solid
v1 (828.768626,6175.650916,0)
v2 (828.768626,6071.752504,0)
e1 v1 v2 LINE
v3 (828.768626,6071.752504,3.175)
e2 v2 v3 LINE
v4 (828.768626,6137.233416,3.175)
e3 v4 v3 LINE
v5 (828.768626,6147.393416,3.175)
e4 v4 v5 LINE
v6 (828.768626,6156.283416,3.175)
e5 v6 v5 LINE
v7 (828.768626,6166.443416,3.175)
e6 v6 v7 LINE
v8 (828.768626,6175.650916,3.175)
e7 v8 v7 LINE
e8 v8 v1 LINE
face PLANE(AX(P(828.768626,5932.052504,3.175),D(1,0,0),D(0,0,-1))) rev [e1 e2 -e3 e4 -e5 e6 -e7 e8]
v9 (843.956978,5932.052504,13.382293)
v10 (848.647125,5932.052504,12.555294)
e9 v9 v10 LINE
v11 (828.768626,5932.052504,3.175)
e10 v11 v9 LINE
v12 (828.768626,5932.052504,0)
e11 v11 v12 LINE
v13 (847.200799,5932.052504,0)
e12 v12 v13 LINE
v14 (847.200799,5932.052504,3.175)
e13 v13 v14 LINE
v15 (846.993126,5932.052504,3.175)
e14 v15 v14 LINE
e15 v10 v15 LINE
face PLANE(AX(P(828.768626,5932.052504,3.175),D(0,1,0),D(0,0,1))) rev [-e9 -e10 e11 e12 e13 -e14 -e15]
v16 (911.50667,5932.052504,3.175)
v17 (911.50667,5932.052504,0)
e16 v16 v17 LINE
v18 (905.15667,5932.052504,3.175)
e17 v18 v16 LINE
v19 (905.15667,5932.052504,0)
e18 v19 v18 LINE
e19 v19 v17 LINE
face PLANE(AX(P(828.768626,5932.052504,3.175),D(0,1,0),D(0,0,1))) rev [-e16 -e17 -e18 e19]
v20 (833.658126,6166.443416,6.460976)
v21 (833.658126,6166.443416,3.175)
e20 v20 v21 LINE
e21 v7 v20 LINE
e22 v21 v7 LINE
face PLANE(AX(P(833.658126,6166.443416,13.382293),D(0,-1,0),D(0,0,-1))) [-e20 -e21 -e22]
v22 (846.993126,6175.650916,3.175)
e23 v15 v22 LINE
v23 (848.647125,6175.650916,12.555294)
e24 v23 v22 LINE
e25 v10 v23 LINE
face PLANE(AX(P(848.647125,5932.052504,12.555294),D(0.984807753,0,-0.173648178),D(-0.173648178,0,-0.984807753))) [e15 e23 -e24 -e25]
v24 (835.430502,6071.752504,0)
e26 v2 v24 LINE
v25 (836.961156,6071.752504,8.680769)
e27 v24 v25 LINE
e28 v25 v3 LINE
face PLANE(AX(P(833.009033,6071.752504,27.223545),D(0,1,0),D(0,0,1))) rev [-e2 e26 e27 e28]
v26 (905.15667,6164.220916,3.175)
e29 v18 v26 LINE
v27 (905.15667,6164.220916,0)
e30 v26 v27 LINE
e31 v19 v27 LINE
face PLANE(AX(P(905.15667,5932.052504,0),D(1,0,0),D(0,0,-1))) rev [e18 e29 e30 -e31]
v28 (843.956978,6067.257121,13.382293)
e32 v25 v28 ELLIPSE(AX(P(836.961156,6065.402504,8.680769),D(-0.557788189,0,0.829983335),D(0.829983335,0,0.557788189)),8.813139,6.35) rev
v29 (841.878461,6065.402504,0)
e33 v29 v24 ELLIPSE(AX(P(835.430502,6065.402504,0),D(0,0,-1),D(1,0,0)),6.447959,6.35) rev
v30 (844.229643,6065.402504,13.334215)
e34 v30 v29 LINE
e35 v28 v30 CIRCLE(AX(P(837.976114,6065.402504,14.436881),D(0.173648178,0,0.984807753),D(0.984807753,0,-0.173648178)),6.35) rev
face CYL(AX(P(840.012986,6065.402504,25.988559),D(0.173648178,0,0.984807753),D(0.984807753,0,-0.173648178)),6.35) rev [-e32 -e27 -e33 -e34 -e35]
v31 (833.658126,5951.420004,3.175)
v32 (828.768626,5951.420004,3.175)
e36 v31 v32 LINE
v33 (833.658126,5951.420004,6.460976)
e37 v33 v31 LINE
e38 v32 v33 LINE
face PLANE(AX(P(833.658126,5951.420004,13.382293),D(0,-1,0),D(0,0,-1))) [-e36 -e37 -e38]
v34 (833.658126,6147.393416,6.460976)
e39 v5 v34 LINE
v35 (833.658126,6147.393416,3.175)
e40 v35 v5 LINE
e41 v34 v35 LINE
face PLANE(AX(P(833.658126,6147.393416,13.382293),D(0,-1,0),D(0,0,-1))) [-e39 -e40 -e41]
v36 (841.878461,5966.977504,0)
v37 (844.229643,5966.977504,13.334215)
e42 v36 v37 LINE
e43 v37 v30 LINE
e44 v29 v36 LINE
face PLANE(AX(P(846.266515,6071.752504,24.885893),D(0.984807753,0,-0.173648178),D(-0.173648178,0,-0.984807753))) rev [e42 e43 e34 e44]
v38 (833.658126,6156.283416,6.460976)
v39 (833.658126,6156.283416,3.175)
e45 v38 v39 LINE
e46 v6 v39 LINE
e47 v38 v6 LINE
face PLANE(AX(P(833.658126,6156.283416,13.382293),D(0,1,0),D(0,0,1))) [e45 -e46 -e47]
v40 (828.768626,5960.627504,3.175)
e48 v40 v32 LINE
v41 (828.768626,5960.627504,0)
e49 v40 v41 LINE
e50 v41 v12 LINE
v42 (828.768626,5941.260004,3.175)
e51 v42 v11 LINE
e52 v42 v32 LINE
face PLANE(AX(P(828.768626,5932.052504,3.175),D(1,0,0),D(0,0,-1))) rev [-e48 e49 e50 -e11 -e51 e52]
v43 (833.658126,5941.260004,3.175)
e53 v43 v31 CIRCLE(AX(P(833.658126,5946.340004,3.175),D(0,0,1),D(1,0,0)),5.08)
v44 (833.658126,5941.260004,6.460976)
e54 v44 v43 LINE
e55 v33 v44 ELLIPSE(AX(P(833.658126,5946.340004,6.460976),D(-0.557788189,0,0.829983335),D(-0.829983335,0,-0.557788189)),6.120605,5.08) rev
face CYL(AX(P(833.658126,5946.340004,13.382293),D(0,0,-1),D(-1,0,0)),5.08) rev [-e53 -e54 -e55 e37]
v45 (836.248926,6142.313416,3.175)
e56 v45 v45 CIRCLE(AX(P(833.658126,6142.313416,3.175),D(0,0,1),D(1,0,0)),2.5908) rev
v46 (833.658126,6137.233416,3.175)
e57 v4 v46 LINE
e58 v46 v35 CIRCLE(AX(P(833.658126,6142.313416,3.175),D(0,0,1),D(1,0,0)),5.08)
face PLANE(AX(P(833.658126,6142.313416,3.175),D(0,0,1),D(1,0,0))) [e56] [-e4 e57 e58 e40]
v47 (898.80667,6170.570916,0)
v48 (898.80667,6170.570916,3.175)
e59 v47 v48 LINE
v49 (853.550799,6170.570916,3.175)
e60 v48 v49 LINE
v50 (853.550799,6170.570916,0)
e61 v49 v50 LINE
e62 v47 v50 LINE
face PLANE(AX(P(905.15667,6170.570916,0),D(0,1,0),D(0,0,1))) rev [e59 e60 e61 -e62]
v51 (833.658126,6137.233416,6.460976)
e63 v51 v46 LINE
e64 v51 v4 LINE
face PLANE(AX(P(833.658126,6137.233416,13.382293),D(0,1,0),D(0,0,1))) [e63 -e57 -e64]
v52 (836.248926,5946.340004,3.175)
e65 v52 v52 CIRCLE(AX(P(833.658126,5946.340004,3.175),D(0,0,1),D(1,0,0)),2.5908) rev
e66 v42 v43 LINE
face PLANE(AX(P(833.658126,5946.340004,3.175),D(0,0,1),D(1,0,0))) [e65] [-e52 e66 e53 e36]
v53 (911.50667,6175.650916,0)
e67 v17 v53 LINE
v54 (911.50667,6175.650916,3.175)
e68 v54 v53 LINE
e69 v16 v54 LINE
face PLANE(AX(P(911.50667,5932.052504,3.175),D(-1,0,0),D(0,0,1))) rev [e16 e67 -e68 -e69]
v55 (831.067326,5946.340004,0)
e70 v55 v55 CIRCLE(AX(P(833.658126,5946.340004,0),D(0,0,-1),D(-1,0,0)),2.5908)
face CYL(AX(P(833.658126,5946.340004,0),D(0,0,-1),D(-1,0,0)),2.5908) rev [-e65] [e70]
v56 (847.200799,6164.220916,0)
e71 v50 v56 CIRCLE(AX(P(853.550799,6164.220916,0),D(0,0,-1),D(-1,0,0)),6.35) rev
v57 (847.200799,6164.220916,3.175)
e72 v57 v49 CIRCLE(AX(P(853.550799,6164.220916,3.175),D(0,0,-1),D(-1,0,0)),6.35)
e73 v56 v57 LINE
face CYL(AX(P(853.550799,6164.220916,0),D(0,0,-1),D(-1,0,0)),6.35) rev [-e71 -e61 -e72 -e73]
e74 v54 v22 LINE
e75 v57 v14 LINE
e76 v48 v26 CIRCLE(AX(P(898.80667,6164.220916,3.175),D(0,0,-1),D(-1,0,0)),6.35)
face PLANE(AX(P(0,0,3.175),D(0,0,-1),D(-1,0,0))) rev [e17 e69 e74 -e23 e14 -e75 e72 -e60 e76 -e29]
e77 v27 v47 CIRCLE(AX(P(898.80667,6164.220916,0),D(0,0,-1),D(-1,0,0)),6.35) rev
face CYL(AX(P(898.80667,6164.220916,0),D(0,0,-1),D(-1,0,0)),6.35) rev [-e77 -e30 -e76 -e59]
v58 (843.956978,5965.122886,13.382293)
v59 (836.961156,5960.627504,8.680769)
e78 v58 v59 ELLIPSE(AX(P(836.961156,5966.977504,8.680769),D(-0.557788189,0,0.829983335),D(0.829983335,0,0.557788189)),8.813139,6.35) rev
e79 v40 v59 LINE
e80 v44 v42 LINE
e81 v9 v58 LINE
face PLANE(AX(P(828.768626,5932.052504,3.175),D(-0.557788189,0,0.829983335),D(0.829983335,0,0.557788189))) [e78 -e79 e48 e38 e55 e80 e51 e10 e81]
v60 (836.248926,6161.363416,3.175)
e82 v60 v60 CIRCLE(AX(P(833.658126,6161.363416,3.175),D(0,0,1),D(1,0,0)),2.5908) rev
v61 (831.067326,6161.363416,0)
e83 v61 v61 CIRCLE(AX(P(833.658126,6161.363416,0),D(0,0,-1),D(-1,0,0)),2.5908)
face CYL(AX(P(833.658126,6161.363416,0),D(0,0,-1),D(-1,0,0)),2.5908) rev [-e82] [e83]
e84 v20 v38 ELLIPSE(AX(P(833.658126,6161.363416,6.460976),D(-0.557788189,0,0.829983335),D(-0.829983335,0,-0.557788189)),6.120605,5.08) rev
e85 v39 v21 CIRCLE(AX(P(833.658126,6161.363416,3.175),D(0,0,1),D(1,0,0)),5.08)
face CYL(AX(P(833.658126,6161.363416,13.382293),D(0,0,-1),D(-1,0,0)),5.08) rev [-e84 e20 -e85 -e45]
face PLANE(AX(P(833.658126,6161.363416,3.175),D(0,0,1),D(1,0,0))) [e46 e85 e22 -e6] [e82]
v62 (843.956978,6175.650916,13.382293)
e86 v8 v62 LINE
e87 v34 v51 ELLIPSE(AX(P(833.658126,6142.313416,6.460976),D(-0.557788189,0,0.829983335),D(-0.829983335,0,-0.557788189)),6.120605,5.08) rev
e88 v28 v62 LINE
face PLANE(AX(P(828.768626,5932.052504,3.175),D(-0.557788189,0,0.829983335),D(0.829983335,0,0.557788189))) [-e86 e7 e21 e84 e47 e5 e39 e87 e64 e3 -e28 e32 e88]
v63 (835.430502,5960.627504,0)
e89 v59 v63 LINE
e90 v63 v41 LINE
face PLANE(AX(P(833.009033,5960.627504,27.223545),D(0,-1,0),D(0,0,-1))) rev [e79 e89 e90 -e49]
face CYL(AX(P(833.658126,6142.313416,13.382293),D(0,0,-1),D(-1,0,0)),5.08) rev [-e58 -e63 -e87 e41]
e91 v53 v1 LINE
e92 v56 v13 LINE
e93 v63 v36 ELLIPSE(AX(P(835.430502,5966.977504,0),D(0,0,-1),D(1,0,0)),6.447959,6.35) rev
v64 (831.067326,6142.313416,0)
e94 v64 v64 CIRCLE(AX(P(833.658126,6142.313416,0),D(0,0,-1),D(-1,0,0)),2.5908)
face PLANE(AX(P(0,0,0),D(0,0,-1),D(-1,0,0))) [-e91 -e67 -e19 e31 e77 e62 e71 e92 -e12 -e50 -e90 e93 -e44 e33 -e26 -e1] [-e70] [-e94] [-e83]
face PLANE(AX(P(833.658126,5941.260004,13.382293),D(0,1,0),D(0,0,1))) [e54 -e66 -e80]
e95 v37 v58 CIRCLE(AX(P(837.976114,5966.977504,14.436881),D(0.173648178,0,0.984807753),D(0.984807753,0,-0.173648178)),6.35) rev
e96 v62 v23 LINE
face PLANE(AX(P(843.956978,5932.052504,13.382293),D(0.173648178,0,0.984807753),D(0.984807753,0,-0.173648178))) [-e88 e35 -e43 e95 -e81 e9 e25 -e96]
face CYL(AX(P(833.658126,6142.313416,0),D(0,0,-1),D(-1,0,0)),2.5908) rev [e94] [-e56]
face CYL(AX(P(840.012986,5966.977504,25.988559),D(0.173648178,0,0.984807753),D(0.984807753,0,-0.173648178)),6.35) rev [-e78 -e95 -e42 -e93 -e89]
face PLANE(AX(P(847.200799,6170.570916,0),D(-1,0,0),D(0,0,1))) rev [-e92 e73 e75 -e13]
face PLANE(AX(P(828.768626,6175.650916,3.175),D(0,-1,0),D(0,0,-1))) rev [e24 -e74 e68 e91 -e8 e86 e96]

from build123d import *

# Parameters (mm, degrees)
SKETCH2_W                  = 82.738044028
SKETCH2_H                  = 243.598411898
BOSS_EXTRUDE1_DEPTH        = 3.175
BOSS_EXTRUDE2_DEPTH        = 243.598412
SKETCH3_W                  = 13.462
SKETCH3_H                  = 111.125
CUT_EXTRUDE1_DEPTH         = 16.816415828
CUT_EXTRUDE1_DEPTH_BACK    = 12.72988093
FILLET1_R                  = 6.35
SKETCH4_W                  = 57.955870979
SKETCH4_H                  = 238.518411898
CUT_EXTRUDE2_DEPTH         = 4.175
FILLET2_R                  = 6.35
F_6_0_204_DIAMETER_HOLE1_D = 5.1816
CUT_EXTRUDE3_DEPTH         = 11.207293294


with BuildPart() as part:
    # Sketch2 → Boss-Extrude1 (new body)
    with BuildSketch(Plane.XY):
        with Locations((870.137648104, 6053.851709568)):
            Rectangle(SKETCH2_W, SKETCH2_H)
    extrude(amount=BOSS_EXTRUDE1_DEPTH)

    # Sketch5 → Boss-Extrude2 (add, through all)
    with BuildSketch(Plane(origin=(0, 6175.650915517, 0), x_dir=(1, 0, 0), z_dir=(0, 1, 0))):
        Polygon((828.76862609, -3.175), (843.956978058, -13.382293294), (848.647124982, -12.555293847), (846.99312609, -3.175), align=None)
    extrude(amount=-BOSS_EXTRUDE2_DEPTH)

    # Sketch3 → Cut-Extrude1 (cut, two sides)
    with BuildSketch(Plane(origin=(1789.989771594, 0, -153.428812844), x_dir=(-0.984807753, 0, 0.173648178), z_dir=(-0.173648178, 0, -0.984807753))) as cut_extrude1_sk:
        with Locations((967.081003168, 6016.190003619)):
            Rectangle(SKETCH3_W, SKETCH3_H)
    extrude(amount=CUT_EXTRUDE1_DEPTH, mode=Mode.SUBTRACT)
    extrude(cut_extrude1_sk.sketch, amount=-CUT_EXTRUDE1_DEPTH_BACK, mode=Mode.SUBTRACT)

    # Fillet1
    fillet1_edges = [part.edges().sort_by_distance(p)[0] for p in [
        (843.054051922, 6071.752503619, 6.667107565),
        (843.054051922, 5960.627503619, 6.667107565),
    ]]
    fillet(fillet1_edges, radius=FILLET1_R)

    # Sketch4 → Cut-Extrude2 (cut, through all)
    with BuildSketch(Plane.XY.offset(3.175)):
        with Locations((876.178734629, 6051.311709568)):
            Rectangle(SKETCH4_W, SKETCH4_H)
    extrude(amount=-CUT_EXTRUDE2_DEPTH, mode=Mode.SUBTRACT)

    # Fillet2
    fillet2_edges = [part.edges().sort_by_distance(p)[0] for p in [
        (905.156670118, 6170.570915517, 1.5875),
        (847.200799139, 6170.570915517, 1.5875),
    ]]
    fillet(fillet2_edges, radius=FILLET2_R)

    # #6 (0.204) Diameter Hole1 (through all)
    with Locations(Plane(origin=(0, 0, 0), x_dir=(-1, 0, 0), z_dir=(0, 0, -1))):
        with Locations((-833.65812609, 6161.363415517), (-833.65812609, 6142.313415517), (-833.65812609, 5946.340003619)):
            Hole(F_6_0_204_DIAMETER_HOLE1_D / 2)

    # Sketch8 → Cut-Extrude3 (cut, through all)
    with BuildSketch(Plane.XY.offset(3.175)):
        with BuildLine():
            Line((833.65812609, 6156.283415517), (828.76862609, 6156.283415517))
            ThreePointArc((828.76862609, 6156.283415517), (823.68862609, 6161.363415517), (828.76862609, 6166.443415517))
            Line((828.76862609, 6166.443415517), (833.65812609, 6166.443415517))
            ThreePointArc((833.65812609, 6166.443415517), (838.73812609, 6161.363415517), (833.65812609, 6156.283415517))
        make_face()
        with BuildLine():
            Line((833.65812609, 6137.233415517), (828.76862609, 6137.233415517))
            ThreePointArc((828.76862609, 6137.233415517), (823.68862609, 6142.313415517), (828.76862609, 6147.393415517))
            Line((828.76862609, 6147.393415517), (833.65812609, 6147.393415517))
            ThreePointArc((833.65812609, 6147.393415517), (838.73812609, 6142.313415517), (833.65812609, 6137.233415517))
        make_face()
        with BuildLine():
            Line((833.65812609, 5941.260003619), (828.76862609, 5941.260003619))
            ThreePointArc((828.76862609, 5941.260003619), (823.68862609, 5946.340003619), (828.76862609, 5951.420003619))
            Line((828.76862609, 5951.420003619), (833.65812609, 5951.420003619))
            ThreePointArc((833.65812609, 5951.420003619), (838.73812609, 5946.340003619), (833.65812609, 5941.260003619))
        make_face()
    extrude(amount=CUT_EXTRUDE3_DEPTH, mode=Mode.SUBTRACT)


solid = part.part
